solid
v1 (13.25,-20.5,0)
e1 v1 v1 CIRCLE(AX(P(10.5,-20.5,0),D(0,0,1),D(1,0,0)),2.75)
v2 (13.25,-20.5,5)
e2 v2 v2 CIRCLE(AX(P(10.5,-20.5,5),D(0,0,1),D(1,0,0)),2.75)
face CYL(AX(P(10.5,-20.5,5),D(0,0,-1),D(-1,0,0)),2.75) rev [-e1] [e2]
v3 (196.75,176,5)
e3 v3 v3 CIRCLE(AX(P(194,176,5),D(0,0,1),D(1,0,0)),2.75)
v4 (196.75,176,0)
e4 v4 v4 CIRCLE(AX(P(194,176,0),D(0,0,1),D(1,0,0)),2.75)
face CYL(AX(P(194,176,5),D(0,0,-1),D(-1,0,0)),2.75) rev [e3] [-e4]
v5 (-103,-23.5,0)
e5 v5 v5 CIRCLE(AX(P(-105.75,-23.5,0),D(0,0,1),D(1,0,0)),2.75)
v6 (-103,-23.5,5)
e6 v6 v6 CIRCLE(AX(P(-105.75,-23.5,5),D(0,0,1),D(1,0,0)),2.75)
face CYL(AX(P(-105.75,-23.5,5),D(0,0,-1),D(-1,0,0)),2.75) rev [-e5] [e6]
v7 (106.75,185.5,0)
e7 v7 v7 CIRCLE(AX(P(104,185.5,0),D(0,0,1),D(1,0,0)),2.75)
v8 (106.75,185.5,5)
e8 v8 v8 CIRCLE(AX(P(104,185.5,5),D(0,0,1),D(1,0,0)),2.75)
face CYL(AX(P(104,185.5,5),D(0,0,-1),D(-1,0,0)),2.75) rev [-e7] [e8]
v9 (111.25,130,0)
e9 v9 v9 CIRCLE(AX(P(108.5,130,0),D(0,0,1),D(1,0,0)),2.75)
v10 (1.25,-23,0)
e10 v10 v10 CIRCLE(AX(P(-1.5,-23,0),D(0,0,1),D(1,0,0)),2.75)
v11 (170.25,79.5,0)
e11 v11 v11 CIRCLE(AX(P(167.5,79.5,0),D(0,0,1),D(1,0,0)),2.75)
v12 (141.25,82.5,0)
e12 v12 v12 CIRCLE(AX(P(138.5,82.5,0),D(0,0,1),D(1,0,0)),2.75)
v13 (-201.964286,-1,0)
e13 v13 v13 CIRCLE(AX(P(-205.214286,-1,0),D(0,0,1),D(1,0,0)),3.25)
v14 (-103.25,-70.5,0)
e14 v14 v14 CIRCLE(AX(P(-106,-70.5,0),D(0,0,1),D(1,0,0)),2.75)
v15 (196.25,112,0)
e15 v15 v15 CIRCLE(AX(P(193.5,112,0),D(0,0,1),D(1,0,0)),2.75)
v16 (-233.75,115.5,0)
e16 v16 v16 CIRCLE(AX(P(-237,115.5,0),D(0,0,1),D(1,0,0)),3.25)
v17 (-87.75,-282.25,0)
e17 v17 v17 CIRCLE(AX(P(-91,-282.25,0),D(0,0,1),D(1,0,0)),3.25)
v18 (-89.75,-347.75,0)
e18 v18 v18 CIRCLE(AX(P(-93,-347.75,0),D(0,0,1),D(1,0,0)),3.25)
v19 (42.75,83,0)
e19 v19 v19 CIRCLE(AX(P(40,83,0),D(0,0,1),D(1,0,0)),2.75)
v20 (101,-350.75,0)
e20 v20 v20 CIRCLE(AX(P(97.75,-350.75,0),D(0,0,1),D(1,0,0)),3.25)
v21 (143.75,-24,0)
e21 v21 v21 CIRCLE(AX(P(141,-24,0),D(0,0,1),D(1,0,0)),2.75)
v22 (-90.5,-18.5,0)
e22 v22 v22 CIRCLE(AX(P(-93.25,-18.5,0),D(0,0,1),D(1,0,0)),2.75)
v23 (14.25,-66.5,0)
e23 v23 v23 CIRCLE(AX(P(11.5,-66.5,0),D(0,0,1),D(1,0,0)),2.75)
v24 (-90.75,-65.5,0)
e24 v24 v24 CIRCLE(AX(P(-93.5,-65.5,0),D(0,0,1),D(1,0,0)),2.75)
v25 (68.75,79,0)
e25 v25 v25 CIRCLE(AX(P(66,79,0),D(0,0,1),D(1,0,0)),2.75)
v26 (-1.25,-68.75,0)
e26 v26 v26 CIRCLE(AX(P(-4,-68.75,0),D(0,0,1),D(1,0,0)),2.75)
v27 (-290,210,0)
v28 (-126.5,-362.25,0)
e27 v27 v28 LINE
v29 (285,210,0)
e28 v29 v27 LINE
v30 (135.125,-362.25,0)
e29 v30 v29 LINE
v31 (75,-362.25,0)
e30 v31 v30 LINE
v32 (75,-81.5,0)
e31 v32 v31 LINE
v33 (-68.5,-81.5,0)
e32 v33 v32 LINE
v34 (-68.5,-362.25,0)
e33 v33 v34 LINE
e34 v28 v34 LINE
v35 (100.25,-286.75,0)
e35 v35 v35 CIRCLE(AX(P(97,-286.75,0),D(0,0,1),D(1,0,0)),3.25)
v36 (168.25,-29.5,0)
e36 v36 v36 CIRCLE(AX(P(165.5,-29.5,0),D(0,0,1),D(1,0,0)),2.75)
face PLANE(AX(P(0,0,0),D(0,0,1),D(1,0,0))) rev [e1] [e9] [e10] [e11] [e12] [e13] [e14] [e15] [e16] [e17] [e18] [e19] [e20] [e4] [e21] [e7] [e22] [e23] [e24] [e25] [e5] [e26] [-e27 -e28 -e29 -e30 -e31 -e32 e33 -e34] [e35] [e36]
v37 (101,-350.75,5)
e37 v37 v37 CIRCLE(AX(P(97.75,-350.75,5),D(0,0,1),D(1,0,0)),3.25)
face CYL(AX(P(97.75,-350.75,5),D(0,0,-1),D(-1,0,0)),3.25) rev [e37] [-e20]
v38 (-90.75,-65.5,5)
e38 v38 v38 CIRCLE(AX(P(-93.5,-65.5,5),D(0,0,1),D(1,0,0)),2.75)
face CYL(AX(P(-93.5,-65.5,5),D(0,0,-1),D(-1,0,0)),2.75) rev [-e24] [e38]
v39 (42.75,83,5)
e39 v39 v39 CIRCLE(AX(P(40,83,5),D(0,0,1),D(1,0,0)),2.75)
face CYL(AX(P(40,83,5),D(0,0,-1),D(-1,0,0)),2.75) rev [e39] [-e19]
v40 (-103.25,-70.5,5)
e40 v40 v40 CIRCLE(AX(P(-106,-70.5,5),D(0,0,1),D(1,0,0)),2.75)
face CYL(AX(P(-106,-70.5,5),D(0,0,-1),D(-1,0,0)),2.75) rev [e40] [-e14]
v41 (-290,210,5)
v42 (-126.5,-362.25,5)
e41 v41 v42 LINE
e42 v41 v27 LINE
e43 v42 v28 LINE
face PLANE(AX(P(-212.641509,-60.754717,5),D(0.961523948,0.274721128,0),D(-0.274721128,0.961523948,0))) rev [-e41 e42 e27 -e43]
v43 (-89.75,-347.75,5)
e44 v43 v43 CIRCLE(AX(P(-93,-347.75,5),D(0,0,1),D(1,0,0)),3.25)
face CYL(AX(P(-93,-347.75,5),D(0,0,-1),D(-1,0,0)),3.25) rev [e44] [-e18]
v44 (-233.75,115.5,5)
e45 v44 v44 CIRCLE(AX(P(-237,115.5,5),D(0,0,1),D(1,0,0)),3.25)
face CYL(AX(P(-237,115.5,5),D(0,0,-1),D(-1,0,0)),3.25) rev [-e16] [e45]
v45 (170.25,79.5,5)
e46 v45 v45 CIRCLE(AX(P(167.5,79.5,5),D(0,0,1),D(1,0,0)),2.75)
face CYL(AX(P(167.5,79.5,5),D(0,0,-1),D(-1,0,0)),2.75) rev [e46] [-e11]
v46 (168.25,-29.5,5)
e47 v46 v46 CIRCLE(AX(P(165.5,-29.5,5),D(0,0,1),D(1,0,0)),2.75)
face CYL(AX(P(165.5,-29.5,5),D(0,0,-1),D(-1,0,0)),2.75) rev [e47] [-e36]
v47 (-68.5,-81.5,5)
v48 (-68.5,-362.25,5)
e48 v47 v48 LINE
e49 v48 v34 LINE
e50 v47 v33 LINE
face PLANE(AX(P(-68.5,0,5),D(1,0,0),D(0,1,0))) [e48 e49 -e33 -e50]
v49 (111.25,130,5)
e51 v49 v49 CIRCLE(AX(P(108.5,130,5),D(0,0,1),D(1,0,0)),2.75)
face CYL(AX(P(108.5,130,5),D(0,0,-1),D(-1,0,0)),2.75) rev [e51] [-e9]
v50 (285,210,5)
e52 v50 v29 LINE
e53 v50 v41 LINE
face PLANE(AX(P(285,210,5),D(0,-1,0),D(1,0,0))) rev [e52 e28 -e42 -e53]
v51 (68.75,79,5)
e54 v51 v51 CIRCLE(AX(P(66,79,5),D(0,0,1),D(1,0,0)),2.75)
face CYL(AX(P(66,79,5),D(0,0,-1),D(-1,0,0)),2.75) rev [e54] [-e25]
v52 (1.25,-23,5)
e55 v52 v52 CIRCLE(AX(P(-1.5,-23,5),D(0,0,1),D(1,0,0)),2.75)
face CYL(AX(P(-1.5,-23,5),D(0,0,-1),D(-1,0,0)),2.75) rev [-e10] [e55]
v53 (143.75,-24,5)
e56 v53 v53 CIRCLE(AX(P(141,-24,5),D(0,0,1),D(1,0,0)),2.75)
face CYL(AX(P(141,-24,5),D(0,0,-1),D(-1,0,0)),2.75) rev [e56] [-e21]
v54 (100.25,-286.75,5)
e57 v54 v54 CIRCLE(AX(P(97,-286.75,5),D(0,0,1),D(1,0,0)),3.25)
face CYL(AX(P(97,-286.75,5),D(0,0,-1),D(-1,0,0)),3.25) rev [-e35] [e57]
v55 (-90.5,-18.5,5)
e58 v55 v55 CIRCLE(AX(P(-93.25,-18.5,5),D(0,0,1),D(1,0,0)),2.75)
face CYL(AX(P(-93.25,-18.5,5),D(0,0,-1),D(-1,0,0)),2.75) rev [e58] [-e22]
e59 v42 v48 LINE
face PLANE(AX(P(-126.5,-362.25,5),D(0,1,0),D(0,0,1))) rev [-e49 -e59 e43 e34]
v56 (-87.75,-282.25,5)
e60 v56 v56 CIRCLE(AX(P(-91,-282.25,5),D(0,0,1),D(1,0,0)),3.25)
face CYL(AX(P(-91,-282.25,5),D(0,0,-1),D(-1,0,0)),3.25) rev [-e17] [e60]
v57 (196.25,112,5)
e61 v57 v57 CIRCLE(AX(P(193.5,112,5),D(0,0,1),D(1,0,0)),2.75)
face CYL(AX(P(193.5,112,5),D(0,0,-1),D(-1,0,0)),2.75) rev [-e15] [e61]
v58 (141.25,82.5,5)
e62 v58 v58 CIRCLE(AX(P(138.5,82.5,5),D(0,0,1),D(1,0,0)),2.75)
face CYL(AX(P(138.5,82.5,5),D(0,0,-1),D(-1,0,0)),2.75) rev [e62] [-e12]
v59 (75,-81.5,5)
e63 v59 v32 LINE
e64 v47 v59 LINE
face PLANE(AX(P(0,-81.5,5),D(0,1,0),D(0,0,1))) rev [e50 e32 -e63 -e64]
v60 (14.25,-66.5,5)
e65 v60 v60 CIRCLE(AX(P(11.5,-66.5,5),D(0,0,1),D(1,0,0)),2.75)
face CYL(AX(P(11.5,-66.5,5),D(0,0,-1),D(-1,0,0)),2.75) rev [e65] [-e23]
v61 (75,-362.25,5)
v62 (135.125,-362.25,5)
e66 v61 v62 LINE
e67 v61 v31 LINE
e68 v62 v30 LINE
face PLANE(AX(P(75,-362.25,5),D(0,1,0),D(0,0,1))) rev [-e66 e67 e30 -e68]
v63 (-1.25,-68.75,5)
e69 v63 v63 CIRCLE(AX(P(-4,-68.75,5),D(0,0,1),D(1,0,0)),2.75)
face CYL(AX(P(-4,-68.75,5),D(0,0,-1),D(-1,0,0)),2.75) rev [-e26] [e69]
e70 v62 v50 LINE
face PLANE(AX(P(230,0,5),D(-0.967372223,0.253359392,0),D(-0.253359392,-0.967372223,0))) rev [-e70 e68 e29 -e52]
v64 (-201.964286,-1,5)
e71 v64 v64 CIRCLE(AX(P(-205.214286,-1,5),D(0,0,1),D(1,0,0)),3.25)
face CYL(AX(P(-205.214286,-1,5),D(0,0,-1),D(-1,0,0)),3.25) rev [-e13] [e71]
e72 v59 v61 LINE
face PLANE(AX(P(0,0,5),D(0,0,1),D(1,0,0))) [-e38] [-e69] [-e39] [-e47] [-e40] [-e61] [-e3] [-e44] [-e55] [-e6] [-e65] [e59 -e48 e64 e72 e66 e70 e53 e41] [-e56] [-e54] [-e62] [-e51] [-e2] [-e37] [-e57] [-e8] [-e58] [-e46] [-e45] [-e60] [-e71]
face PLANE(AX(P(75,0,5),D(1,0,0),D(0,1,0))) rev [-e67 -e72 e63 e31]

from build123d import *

# Parameters (mm, degrees)
SKETCH1_R           = 2.75
BOSS_EXTRUDE1_DEPTH = 5
SKETCH2_R           = 3.25
BOSS_EXTRUDE2_DEPTH = 5
SKETCH3_R           = 2.75
BOSS_EXTRUDE3_DEPTH = 5
SKETCH4_R           = 3.25
BOSS_EXTRUDE4_DEPTH = 5
SKETCH5_R           = 2.75
BOSS_EXTRUDE5_DEPTH = 5
SKETCH6_R           = 3.25
BOSS_EXTRUDE6_DEPTH = 5


with BuildPart() as part:
    # Sketch1 → Boss-Extrude1 (new body)
    with BuildSketch(Plane.XY):
        Polygon((0, 210), (0, 0), (230, 0), (285, 210), align=None)
        with Locations((104, 185.5)):
            Circle(SKETCH1_R, mode=Mode.SUBTRACT)
        with Locations((194, 176)):
            Circle(SKETCH1_R, mode=Mode.SUBTRACT)
        with Locations((108.5, 130)):
            Circle(SKETCH1_R, mode=Mode.SUBTRACT)
        with Locations((193.5, 112)):
            Circle(SKETCH1_R, mode=Mode.SUBTRACT)
        with Locations((138.5, 82.5)):
            Circle(SKETCH1_R, mode=Mode.SUBTRACT)
        with Locations((167.5, 79.5)):
            Circle(SKETCH1_R, mode=Mode.SUBTRACT)
        with Locations((40, 83)):
            Circle(SKETCH1_R, mode=Mode.SUBTRACT)
        with Locations((66, 79)):
            Circle(SKETCH1_R, mode=Mode.SUBTRACT)
    extrude(amount=BOSS_EXTRUDE1_DEPTH)

    # Sketch2 → Boss-Extrude2 (add)
    with BuildSketch(Plane.XY):
        with BuildLine():
            Line((-202.121956495, 0), (0, 0))
            Line((0, 0), (0, 210))
            Line((0, 210), (-290, 210))
            Line((-290, 210), (-230, 0))
            Line((-230, 0), (-208.306614933, 0))
            ThreePointArc((-208.306614933, 0), (-205.214285714, 2.25), (-202.121956495, 0))
        make_face()
        with Locations((-237, 115.5)):
            Circle(SKETCH2_R, mode=Mode.SUBTRACT)
    extrude(amount=BOSS_EXTRUDE2_DEPTH)

    # Sketch3 → Boss-Extrude3 (add)
    with BuildSketch(Plane.XY):
        with BuildLine():
            Line((-208.306614933, 0), (-230, 0))
            Line((-230, 0), (-170, -210))
            Line((-170, -210), (-68.5, -210))
            Line((-68.5, -210), (-68.5, -81.5))
            Line((-68.5, -81.5), (0, -81.5))
            Line((0, -81.5), (0, -25.304886114))
            ThreePointArc((0, -25.304886114), (-4.25, -23), (0, -20.695113886))
            Line((0, -20.695113886), (0, 0))
            Line((0, 0), (-202.121956495, 0))
            ThreePointArc((-202.121956495, 0), (-202.003945393, -0.493823135), (-201.964285714, -1))
            ThreePointArc((-201.964285714, -1), (-205.720462579, -4.210340322), (-208.306614933, 0))
        make_face()
        with Locations((-106, -70.5)):
            Circle(SKETCH3_R, mode=Mode.SUBTRACT)
        with Locations((-93.5, -65.5)):
            Circle(SKETCH3_R, mode=Mode.SUBTRACT)
        with Locations((-4, -68.75)):
            Circle(SKETCH3_R, mode=Mode.SUBTRACT)
        with Locations((-105.75, -23.5)):
            Circle(SKETCH3_R, mode=Mode.SUBTRACT)
        with Locations((-93.25, -18.5)):
            Circle(SKETCH3_R, mode=Mode.SUBTRACT)
    extrude(amount=BOSS_EXTRUDE3_DEPTH)

    # Sketch4 → Boss-Extrude4 (add)
    with BuildSketch(Plane.XY):
        Polygon((-170, -210), (-126.5, -362.25), (-68.5, -362.25), (-68.5, -210), align=None)
        with Locations((-93, -347.75)):
            Circle(SKETCH4_R, mode=Mode.SUBTRACT)
        with Locations((-91, -282.25)):
            Circle(SKETCH4_R, mode=Mode.SUBTRACT)
    extrude(amount=BOSS_EXTRUDE4_DEPTH)

    # Sketch5 → Boss-Extrude5 (add)
    with BuildSketch(Plane.XY):
        with BuildLine():
            Line((0, -25.304886114), (0, -81.5))
            Line((0, -81.5), (75, -81.5))
            Line((75, -81.5), (75, -210))
            Line((75, -210), (175, -210))
            Line((175, -210), (230, 0))
            Line((230, 0), (0, 0))
            Line((0, 0), (0, -20.695113886))
            ThreePointArc((0, -20.695113886), (0.917384951, -21.68898894), (1.25, -23))
            ThreePointArc((1.25, -23), (0.917384951, -24.31101106), (0, -25.304886114))
        make_face()
        with Locations((11.5, -66.5)):
            Circle(SKETCH5_R, mode=Mode.SUBTRACT)
        with Locations((10.5, -20.5)):
            Circle(SKETCH5_R, mode=Mode.SUBTRACT)
        with Locations((165.5, -29.5)):
            Circle(SKETCH5_R, mode=Mode.SUBTRACT)
        with Locations((141, -24)):
            Circle(SKETCH5_R, mode=Mode.SUBTRACT)
    extrude(amount=BOSS_EXTRUDE5_DEPTH)

    # Sketch6 → Boss-Extrude6 (add)
    with BuildSketch(Plane.XY):
        Polygon((75, -210), (75, -362.25), (135.125, -362.25), (175, -210), align=None)
        with Locations((97.75, -350.75)):
            Circle(SKETCH6_R, mode=Mode.SUBTRACT)
        with Locations((97, -286.75)):
            Circle(SKETCH6_R, mode=Mode.SUBTRACT)
    extrude(amount=BOSS_EXTRUDE6_DEPTH)


solid = part.part
